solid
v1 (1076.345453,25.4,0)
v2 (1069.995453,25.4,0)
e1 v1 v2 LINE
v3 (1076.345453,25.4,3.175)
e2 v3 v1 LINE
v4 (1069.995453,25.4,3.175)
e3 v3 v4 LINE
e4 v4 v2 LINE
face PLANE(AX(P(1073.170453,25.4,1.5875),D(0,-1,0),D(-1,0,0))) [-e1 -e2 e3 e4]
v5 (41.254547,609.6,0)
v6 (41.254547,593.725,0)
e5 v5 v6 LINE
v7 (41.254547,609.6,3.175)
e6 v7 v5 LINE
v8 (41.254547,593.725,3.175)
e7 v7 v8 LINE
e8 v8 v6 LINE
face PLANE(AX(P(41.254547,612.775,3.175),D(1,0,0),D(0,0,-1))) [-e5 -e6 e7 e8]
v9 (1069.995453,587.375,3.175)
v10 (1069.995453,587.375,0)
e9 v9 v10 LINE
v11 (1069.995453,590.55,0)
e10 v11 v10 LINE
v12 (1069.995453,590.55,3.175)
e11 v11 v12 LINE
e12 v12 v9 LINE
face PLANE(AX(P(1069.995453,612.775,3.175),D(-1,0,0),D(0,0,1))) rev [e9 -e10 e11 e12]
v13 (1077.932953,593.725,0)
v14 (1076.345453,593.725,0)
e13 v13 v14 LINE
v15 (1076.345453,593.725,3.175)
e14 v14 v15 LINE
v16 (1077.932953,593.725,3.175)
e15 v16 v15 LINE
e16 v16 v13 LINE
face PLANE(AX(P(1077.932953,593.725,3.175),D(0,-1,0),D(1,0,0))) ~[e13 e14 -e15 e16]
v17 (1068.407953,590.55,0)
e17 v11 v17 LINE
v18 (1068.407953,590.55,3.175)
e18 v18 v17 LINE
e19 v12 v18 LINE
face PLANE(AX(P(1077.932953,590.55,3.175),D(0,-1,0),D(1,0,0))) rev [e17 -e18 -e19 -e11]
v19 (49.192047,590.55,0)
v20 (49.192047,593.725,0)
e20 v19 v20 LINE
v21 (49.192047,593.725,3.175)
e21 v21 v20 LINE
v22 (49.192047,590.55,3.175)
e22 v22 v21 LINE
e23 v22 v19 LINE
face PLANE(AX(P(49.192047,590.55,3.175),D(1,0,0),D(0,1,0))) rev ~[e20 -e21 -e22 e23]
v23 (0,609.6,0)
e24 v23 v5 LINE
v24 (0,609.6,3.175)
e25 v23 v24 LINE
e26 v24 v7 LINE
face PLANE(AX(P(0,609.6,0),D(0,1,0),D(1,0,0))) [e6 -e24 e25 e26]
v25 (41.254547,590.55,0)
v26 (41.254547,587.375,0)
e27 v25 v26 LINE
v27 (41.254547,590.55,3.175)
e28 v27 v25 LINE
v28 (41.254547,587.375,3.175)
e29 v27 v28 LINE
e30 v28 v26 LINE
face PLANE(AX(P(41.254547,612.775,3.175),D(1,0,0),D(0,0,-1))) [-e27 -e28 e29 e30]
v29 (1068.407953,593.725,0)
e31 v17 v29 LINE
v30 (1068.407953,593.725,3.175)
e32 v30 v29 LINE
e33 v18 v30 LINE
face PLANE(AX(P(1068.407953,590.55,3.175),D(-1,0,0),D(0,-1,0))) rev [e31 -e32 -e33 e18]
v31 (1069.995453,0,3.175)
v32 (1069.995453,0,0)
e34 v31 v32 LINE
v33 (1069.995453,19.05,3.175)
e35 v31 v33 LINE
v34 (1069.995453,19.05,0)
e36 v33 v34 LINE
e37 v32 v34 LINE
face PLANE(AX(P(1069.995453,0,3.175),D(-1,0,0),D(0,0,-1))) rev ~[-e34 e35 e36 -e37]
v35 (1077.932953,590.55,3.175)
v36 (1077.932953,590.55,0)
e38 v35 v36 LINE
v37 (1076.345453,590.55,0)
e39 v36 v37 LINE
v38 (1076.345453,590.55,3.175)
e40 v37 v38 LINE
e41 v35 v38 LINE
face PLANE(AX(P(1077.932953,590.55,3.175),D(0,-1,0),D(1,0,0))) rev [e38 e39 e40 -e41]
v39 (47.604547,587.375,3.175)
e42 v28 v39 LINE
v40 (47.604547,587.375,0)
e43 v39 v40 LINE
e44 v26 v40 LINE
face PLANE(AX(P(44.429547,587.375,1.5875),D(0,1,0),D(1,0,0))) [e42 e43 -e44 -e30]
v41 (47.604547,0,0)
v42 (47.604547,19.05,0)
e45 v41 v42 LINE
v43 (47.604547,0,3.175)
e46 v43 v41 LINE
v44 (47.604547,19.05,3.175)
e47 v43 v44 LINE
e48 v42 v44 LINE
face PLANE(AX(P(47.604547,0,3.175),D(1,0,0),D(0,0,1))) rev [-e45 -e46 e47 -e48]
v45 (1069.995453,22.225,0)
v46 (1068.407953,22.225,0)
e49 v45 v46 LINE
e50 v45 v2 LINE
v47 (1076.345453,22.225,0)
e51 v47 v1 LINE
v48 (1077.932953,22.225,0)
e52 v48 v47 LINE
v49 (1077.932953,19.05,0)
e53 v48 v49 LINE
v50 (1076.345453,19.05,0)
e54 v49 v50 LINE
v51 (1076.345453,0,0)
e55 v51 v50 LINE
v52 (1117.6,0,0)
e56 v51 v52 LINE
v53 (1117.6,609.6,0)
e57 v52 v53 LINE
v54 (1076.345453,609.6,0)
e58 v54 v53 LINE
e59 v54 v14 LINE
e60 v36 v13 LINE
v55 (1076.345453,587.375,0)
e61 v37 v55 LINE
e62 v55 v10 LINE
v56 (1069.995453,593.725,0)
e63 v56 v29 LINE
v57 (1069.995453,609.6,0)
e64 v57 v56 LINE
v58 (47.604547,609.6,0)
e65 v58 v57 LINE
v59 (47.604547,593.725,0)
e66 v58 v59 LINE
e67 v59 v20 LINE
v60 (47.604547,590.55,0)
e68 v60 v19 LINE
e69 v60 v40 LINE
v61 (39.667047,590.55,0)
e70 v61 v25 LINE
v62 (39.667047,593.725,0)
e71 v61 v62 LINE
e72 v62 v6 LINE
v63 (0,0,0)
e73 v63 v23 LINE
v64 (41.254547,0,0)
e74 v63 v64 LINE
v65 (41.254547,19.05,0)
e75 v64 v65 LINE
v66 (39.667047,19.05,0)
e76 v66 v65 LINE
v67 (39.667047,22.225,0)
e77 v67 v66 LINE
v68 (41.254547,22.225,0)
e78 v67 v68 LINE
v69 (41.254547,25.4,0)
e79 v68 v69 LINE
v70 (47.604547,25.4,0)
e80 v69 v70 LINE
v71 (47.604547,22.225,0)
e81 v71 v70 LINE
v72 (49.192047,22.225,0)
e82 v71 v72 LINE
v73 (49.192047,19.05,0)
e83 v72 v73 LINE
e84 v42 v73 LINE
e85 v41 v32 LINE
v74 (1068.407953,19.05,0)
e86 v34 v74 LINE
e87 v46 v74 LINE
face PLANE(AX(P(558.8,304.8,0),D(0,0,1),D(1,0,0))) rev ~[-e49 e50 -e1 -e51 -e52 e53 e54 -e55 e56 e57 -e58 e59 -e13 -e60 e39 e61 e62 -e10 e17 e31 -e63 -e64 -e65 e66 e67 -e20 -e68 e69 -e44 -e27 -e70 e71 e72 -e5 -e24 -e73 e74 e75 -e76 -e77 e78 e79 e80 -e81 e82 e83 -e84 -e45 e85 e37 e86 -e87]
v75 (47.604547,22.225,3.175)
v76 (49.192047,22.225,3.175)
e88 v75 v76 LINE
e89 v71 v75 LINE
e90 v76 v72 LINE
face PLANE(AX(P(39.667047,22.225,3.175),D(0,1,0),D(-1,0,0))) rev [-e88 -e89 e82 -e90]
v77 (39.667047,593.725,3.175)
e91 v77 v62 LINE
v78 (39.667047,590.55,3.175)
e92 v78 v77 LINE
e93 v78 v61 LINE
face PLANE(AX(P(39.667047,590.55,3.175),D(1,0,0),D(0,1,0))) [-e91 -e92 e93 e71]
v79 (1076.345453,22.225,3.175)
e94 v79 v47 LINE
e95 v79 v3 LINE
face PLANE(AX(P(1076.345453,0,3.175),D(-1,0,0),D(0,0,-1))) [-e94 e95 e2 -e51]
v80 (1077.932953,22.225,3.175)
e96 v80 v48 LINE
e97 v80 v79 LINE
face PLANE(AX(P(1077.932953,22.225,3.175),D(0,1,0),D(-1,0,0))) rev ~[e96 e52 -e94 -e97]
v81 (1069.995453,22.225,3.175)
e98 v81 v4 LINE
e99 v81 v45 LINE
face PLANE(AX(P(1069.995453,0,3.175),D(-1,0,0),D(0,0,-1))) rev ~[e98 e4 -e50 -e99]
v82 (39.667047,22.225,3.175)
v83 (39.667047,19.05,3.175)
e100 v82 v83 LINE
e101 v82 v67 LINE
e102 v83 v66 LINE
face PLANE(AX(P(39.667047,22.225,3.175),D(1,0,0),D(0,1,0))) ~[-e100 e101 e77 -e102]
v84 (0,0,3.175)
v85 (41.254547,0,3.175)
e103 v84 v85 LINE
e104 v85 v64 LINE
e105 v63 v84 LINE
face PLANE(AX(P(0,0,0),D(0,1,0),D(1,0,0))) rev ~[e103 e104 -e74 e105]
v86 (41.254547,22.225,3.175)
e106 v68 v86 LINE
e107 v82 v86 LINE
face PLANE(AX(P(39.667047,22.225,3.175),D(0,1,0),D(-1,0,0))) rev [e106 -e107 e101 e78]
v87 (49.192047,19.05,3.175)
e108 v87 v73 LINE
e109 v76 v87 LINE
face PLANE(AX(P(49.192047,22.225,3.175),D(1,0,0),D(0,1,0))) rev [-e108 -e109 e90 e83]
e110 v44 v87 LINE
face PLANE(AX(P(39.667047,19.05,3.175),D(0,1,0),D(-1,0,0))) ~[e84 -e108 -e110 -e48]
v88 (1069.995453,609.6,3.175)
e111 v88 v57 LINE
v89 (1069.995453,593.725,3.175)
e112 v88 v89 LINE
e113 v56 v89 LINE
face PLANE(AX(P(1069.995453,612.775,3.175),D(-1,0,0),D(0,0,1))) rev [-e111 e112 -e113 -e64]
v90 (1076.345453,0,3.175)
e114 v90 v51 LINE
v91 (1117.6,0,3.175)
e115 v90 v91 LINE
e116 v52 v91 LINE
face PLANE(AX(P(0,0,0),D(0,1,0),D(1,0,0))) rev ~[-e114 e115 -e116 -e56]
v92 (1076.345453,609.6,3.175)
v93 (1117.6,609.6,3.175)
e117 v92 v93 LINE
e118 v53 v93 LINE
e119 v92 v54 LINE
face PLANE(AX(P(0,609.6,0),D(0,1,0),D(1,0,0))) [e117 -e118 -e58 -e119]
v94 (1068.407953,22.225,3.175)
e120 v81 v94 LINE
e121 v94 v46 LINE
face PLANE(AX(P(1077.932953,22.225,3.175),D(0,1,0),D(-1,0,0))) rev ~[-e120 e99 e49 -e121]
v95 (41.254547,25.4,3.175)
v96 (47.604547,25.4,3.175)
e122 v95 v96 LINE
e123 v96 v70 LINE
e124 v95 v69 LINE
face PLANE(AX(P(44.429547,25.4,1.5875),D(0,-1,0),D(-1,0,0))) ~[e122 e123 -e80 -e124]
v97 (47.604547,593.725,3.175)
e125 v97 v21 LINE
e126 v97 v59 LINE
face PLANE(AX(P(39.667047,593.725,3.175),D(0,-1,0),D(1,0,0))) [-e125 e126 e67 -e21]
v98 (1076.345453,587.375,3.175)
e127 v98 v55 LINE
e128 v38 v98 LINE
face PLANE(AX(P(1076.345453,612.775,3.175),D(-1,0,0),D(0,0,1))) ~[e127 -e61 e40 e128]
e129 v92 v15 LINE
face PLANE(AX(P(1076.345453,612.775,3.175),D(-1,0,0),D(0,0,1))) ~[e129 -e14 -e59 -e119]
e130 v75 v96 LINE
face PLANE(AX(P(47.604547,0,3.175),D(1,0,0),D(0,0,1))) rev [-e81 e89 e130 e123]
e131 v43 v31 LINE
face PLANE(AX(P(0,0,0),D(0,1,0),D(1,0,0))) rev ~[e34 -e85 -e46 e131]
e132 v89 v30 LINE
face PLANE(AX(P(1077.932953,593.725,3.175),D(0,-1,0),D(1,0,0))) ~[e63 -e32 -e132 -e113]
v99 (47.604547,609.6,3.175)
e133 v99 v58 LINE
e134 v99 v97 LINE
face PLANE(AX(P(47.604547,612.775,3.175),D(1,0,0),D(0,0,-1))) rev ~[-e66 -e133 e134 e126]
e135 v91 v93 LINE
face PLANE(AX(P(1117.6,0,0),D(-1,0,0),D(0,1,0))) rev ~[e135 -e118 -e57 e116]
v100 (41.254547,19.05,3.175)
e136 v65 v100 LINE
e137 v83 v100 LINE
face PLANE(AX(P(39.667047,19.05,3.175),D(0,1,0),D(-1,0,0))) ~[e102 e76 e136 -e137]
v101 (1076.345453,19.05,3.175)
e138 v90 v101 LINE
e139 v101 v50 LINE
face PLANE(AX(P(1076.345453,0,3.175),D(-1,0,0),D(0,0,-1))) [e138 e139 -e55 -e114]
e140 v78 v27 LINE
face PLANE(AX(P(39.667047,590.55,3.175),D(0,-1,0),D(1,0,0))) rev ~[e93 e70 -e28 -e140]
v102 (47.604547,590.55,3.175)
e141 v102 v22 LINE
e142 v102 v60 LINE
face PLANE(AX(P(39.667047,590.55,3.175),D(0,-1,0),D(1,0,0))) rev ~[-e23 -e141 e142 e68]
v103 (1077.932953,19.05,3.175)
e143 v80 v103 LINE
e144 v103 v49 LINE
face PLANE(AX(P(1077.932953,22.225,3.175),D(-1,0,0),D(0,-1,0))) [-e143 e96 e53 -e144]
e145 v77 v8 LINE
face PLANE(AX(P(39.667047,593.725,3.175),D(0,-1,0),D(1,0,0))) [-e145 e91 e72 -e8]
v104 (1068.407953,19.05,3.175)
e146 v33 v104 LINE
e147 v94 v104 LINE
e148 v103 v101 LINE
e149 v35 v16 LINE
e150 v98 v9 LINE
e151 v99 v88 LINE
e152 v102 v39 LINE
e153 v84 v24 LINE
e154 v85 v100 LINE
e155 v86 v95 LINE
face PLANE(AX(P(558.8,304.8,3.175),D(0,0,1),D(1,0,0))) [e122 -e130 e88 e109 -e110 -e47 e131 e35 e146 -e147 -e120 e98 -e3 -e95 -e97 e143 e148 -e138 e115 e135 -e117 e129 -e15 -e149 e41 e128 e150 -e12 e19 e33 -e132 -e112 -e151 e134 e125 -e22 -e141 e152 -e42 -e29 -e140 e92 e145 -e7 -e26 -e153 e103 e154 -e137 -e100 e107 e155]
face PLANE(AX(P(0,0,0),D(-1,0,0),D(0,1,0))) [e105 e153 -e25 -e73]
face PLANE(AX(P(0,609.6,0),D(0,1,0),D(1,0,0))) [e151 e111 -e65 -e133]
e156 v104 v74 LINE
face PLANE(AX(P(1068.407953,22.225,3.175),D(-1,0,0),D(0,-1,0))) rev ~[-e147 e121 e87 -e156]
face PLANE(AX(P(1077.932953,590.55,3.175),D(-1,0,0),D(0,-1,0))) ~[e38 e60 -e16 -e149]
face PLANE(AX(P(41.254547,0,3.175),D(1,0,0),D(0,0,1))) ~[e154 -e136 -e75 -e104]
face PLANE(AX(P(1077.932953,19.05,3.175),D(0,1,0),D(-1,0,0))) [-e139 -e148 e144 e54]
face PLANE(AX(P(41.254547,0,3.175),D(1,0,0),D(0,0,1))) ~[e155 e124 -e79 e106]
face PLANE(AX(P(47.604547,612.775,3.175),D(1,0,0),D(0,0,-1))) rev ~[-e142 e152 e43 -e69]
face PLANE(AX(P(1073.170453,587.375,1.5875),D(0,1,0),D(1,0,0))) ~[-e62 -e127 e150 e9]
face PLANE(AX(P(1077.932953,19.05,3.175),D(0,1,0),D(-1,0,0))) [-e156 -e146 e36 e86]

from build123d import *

# Parameters (mm, degrees)
SKETCH1_W               = 1117.6
SKETCH1_H               = 609.6
BOSS_EXTRUDE1_DEPTH     = 3.175
SKETCH4_W               = 6.35
SKETCH4_H               = 3.175
CUT_EXTRUDE2_DEPTH      = 25.4
SKETCH5_W               = 9.525
SKETCH5_H               = 3.175
CUT_EXTRUDE3_DEPTH      = 25.4
MIRROR2_COPY_1_SKETCH_W = 6.35
MIRROR2_COPY_1_SKETCH_H = 3.175
MIRROR2_COPY_1_DEPTH    = 25.4
MIRROR2_COPY_2_SKETCH_W = 9.525
MIRROR2_COPY_2_SKETCH_H = 3.175
MIRROR2_COPY_2_DEPTH    = 25.4


with BuildPart() as part:
    # Sketch1 → Boss-Extrude1 (new body)
    with BuildSketch(Plane.XY):
        with Locations((558.8, 304.8)):
            Rectangle(SKETCH1_W, SKETCH1_H)
    extrude(amount=BOSS_EXTRUDE1_DEPTH)

    # Sketch4 → Cut-Extrude2 (cut)
    with BuildSketch(Plane(origin=(0, 612.775, 0), x_dir=(1, 0, 0), z_dir=(0, 1, 0))):
        with Locations((44.429546792, -1.5875)):
            Rectangle(SKETCH4_W, SKETCH4_H)
    cut_extrude2 = extrude(amount=-CUT_EXTRUDE2_DEPTH, mode=Mode.SUBTRACT)

    # Sketch5 → Cut-Extrude3 (cut)
    with BuildSketch(Plane.XY.offset(3.175)):
        with Locations((44.429546792, 592.1375)):
            Rectangle(SKETCH5_W, SKETCH5_H)
    cut_extrude3 = extrude(amount=-CUT_EXTRUDE3_DEPTH, mode=Mode.SUBTRACT)

    # Mirror1: Cut-Extrude2, Cut-Extrude3 across plane
    add(cut_extrude2.mirror(Plane.ZY.offset(-558.8)), mode=Mode.SUBTRACT)
    add(cut_extrude3.mirror(Plane.ZY.offset(-558.8)), mode=Mode.SUBTRACT)

    # Mirror2: Cut-Extrude2, Cut-Extrude3 across plane
    add(cut_extrude2.mirror(Plane.ZX.offset(306.3875)), mode=Mode.SUBTRACT)
    add(cut_extrude3.mirror(Plane.ZX.offset(306.3875)), mode=Mode.SUBTRACT)

    # Mirror2 copy 1 sketch → Mirror2 copy 1 (cut)
    with BuildSketch(Plane(origin=(1117.6, 0, 0), x_dir=(-1, 0, 0), z_dir=(0, -1, 0))):
        with Locations((44.429546792, -1.5875)):
            Rectangle(MIRROR2_COPY_1_SKETCH_W, MIRROR2_COPY_1_SKETCH_H)
    extrude(amount=-MIRROR2_COPY_1_DEPTH, mode=Mode.SUBTRACT)

    # Mirror2 copy 2 sketch → Mirror2 copy 2 (cut)
    with BuildSketch(Plane(origin=(1117.6, 612.775, 3.175), x_dir=(-1, 0, 0), z_dir=(0, 0, 1))):
        with Locations((44.429546792, 592.1375)):
            Rectangle(MIRROR2_COPY_2_SKETCH_W, MIRROR2_COPY_2_SKETCH_H)
    extrude(amount=-MIRROR2_COPY_2_DEPTH, mode=Mode.SUBTRACT)


solid = part.part
